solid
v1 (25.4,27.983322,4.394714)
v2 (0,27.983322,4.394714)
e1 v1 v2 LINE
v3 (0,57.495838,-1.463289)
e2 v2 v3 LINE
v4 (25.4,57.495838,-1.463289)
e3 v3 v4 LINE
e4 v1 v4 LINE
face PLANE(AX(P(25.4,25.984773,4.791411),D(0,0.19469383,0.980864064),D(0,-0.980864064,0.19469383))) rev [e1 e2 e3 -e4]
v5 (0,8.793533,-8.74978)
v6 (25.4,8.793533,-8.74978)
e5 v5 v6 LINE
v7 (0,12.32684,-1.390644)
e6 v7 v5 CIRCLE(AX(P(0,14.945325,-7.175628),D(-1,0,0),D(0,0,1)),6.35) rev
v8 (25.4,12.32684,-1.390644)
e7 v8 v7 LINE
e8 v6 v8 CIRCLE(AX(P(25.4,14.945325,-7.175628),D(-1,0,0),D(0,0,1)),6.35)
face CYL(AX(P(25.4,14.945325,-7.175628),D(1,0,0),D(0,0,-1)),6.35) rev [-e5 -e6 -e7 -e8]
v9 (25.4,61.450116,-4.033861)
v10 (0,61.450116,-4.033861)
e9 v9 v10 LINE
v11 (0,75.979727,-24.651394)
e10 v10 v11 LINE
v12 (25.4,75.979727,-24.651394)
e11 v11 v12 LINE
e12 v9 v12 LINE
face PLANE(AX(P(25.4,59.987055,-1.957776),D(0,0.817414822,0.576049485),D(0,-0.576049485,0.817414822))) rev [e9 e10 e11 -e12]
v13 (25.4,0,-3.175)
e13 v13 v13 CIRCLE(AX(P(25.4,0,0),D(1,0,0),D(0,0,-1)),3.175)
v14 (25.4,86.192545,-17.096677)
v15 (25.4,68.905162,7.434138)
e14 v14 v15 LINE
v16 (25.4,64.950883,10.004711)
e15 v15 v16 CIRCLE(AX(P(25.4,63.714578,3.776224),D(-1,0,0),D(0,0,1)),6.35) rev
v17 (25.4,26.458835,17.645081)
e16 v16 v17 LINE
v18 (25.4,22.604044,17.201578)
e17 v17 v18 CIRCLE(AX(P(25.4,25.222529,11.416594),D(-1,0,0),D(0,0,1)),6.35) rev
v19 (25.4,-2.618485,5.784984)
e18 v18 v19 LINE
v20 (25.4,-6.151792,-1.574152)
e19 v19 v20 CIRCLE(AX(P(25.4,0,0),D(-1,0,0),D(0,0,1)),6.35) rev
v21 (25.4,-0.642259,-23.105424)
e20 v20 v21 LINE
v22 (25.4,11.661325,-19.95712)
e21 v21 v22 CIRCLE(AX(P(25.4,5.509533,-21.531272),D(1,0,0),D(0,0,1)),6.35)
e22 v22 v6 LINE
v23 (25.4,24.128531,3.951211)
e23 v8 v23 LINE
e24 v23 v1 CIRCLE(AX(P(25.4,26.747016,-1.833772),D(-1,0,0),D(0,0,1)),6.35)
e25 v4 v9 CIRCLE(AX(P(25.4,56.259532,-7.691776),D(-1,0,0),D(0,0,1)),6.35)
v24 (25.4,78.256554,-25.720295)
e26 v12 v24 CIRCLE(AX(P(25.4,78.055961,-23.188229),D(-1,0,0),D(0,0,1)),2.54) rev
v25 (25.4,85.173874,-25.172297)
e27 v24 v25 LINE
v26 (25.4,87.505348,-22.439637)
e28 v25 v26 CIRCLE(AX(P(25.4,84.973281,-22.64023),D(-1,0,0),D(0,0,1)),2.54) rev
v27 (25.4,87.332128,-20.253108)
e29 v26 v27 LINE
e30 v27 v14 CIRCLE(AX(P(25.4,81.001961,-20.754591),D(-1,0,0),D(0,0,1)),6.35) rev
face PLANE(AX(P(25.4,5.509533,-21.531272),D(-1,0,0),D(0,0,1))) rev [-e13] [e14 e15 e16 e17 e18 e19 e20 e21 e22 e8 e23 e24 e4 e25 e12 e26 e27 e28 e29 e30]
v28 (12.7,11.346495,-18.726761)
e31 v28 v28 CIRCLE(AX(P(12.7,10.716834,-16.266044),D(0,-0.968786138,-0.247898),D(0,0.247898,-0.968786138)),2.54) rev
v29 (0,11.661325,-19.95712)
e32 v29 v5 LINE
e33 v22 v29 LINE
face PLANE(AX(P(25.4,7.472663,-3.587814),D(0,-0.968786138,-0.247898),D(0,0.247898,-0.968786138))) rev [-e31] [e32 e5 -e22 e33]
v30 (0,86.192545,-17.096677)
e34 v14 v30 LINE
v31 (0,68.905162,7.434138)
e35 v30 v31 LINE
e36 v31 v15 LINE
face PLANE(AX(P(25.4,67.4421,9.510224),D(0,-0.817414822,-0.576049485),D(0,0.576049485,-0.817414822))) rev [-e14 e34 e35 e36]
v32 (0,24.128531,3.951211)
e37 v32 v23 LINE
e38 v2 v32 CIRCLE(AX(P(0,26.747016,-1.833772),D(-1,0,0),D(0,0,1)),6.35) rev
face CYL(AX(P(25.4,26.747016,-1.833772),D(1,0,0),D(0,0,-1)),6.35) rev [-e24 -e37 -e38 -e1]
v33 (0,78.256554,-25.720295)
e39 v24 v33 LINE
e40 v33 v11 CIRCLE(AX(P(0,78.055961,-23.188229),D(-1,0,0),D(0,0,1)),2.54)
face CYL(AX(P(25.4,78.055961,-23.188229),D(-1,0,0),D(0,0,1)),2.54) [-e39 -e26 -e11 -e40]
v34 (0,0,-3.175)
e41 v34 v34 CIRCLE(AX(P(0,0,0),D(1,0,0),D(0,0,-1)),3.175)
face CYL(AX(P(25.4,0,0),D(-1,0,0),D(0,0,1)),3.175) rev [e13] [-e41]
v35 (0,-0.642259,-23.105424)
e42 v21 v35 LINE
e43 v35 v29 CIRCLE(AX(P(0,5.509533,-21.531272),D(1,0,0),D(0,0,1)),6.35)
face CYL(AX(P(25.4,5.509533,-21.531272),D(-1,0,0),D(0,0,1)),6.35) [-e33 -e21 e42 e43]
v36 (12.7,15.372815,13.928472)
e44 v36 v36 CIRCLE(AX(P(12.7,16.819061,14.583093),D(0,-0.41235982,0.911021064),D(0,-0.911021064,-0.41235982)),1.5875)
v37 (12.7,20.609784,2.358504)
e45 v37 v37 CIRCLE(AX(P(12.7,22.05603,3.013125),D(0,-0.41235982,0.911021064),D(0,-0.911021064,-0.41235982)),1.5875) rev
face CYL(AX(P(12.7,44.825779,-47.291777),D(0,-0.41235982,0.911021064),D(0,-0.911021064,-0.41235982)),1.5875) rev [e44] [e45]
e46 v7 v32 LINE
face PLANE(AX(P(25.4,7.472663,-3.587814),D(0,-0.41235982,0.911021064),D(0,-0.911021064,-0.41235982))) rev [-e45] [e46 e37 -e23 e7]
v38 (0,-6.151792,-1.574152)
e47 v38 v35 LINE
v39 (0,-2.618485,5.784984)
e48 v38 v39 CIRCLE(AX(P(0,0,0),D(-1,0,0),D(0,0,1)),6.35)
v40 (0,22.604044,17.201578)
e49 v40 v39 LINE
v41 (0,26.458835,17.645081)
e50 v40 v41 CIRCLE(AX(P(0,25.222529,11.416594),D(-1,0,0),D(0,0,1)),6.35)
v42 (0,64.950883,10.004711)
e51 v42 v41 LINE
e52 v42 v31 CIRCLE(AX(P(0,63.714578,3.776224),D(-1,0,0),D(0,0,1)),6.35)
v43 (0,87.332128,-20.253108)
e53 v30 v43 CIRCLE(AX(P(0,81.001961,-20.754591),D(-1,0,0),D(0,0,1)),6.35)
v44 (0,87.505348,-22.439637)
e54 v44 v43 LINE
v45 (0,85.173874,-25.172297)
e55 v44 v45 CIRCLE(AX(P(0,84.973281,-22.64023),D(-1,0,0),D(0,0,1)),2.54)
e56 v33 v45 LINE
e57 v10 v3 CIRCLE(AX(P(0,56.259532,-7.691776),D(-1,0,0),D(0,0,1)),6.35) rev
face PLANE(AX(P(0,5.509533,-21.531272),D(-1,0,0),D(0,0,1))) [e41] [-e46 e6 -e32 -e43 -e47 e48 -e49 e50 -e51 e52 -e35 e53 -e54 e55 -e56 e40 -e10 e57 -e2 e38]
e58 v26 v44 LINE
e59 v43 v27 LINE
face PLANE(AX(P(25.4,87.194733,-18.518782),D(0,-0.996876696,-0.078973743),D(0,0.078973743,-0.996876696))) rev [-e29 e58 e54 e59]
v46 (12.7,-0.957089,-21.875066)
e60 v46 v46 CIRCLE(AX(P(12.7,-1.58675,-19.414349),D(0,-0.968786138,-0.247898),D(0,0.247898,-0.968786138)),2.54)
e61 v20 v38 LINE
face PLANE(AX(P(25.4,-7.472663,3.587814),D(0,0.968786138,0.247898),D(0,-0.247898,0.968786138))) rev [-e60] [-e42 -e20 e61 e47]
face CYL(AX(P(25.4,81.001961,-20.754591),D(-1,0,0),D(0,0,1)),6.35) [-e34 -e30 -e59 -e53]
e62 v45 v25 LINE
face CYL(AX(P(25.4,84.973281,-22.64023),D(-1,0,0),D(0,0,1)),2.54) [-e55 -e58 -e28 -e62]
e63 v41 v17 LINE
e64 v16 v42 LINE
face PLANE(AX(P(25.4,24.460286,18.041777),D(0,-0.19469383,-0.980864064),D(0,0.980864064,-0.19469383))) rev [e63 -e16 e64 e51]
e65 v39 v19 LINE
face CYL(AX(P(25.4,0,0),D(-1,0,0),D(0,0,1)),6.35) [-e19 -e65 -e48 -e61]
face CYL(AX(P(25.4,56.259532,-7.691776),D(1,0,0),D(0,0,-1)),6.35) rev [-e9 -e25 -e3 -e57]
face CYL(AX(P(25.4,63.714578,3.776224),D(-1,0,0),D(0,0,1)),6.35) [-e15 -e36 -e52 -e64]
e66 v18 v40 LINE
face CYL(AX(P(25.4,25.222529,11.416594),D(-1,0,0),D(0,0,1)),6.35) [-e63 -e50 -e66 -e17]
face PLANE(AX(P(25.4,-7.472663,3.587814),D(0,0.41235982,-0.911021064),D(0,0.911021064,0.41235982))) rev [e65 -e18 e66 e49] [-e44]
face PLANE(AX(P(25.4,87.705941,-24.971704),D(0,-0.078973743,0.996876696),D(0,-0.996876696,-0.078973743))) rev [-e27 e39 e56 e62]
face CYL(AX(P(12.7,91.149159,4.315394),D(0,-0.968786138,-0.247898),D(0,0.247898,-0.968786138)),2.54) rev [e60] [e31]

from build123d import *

# Parameters (mm, degrees)
SKETCH1_R           = 3.175
BOSS_EXTRUDE1_DEPTH = 25.4
FILLET1_R           = 6.35
CUT_EXTRUDE1_REACH  = 97.723
SKETCH2_R           = 2.54
CUT_EXTRUDE2_REACH  = 69.917
SKETCH3_R           = 1.5875
FILLET2_R           = 2.54


with BuildPart() as part:
    # Sketch1 → Boss-Extrude1 (new body)
    with BuildSketch(Plane(origin=(0, 0, 0), x_dir=(0, 0, -1), z_dir=(1, 0, 0))):
        with BuildLine():
            Line((-9.510223779, 67.442100456), (18.518782335, 87.194732923))
            Line((18.518782335, 87.194732923), (24.971703957, 87.705940953))
            Line((24.971703957, 87.705940953), (25.834610798, 76.813564689))
            Line((25.834610798, 76.813564689), (1.957775741, 59.987054843))
            Line((1.957775741, 59.987054843), (-4.791410802, 25.984772629))
            Line((-4.791410802, 25.984772629), (3.587814077, 7.472662593))
            Line((3.587814077, 7.472662593), (19.957119618, 11.661325034))
            ThreePointArc((19.957119618, 11.661325034), (27.683063897, 7.083685359), (23.105424222, -0.64225892))
            Line((23.105424222, -0.64225892), (-3.587814077, -7.472662593))
            Line((-3.587814077, -7.472662593), (-18.041777156, 24.460285718))
            Line((-18.041777156, 24.460285718), (-9.510223779, 67.442100456))
        make_face()
        Circle(SKETCH1_R, mode=Mode.SUBTRACT)
    extrude(amount=BOSS_EXTRUDE1_DEPTH)

    # Fillet1
    fillet1_edges = [part.edges().sort_by_distance(p)[0] for p in [
        (12.7, 67.442100456, 9.510223779),
        (12.7, 87.194732923, -18.518782335),
        (12.7, 59.987054843, -1.957775741),
        (12.7, 25.984772629, 4.791410802),
        (12.7, 7.472662593, -3.587814077),
        (12.7, -7.472662593, 3.587814077),
        (12.7, 24.460285718, 18.041777156),
    ]]
    fillet(fillet1_edges, radius=FILLET1_R)

    # Sketch2 → Cut-Extrude1 (cut, up to next)
    with BuildSketch(Plane(origin=(0, -6.151791977, -1.574152302), x_dir=(1, 0, 0), z_dir=(0, -0.968786138, -0.247898)), mode=Mode.PRIVATE) as cut_extrude1_sk1:
        with Locations((12.7, -18.415)):
            Circle(SKETCH2_R)
    cut_extrude1_tool1 = extrude(cut_extrude1_sk1.sketch, amount=-CUT_EXTRUDE1_REACH, mode=Mode.PRIVATE) & part.part
    add(cut_extrude1_tool1.solids().sort_by_distance((12.7, -1.58675, -19.414349))[0], mode=Mode.SUBTRACT)

    # Sketch3 → Cut-Extrude2 (cut, up to next)
    with BuildSketch(Plane(origin=(0, -2.618484858, 5.784983755), x_dir=(1, 0, 0), z_dir=(0, -0.41235982, 0.911021064)), mode=Mode.PRIVATE) as cut_extrude2_sk1:
        with Locations((12.7, 21.336)):
            Circle(SKETCH3_R)
    cut_extrude2_tool1 = extrude(cut_extrude2_sk1.sketch, amount=-CUT_EXTRUDE2_REACH, mode=Mode.PRIVATE) & part.part
    add(cut_extrude2_tool1.solids().sort_by_distance((12.7, 16.819061, 14.583093))[0], mode=Mode.SUBTRACT)

    # Fillet2
    fillet2_edges = [part.edges().sort_by_distance(p)[0] for p in [
        (12.7, 87.705940953, -24.971703957),
        (12.7, 76.813564689, -25.834610798),
    ]]
    fillet(fillet2_edges, radius=FILLET2_R)


solid = part.part
